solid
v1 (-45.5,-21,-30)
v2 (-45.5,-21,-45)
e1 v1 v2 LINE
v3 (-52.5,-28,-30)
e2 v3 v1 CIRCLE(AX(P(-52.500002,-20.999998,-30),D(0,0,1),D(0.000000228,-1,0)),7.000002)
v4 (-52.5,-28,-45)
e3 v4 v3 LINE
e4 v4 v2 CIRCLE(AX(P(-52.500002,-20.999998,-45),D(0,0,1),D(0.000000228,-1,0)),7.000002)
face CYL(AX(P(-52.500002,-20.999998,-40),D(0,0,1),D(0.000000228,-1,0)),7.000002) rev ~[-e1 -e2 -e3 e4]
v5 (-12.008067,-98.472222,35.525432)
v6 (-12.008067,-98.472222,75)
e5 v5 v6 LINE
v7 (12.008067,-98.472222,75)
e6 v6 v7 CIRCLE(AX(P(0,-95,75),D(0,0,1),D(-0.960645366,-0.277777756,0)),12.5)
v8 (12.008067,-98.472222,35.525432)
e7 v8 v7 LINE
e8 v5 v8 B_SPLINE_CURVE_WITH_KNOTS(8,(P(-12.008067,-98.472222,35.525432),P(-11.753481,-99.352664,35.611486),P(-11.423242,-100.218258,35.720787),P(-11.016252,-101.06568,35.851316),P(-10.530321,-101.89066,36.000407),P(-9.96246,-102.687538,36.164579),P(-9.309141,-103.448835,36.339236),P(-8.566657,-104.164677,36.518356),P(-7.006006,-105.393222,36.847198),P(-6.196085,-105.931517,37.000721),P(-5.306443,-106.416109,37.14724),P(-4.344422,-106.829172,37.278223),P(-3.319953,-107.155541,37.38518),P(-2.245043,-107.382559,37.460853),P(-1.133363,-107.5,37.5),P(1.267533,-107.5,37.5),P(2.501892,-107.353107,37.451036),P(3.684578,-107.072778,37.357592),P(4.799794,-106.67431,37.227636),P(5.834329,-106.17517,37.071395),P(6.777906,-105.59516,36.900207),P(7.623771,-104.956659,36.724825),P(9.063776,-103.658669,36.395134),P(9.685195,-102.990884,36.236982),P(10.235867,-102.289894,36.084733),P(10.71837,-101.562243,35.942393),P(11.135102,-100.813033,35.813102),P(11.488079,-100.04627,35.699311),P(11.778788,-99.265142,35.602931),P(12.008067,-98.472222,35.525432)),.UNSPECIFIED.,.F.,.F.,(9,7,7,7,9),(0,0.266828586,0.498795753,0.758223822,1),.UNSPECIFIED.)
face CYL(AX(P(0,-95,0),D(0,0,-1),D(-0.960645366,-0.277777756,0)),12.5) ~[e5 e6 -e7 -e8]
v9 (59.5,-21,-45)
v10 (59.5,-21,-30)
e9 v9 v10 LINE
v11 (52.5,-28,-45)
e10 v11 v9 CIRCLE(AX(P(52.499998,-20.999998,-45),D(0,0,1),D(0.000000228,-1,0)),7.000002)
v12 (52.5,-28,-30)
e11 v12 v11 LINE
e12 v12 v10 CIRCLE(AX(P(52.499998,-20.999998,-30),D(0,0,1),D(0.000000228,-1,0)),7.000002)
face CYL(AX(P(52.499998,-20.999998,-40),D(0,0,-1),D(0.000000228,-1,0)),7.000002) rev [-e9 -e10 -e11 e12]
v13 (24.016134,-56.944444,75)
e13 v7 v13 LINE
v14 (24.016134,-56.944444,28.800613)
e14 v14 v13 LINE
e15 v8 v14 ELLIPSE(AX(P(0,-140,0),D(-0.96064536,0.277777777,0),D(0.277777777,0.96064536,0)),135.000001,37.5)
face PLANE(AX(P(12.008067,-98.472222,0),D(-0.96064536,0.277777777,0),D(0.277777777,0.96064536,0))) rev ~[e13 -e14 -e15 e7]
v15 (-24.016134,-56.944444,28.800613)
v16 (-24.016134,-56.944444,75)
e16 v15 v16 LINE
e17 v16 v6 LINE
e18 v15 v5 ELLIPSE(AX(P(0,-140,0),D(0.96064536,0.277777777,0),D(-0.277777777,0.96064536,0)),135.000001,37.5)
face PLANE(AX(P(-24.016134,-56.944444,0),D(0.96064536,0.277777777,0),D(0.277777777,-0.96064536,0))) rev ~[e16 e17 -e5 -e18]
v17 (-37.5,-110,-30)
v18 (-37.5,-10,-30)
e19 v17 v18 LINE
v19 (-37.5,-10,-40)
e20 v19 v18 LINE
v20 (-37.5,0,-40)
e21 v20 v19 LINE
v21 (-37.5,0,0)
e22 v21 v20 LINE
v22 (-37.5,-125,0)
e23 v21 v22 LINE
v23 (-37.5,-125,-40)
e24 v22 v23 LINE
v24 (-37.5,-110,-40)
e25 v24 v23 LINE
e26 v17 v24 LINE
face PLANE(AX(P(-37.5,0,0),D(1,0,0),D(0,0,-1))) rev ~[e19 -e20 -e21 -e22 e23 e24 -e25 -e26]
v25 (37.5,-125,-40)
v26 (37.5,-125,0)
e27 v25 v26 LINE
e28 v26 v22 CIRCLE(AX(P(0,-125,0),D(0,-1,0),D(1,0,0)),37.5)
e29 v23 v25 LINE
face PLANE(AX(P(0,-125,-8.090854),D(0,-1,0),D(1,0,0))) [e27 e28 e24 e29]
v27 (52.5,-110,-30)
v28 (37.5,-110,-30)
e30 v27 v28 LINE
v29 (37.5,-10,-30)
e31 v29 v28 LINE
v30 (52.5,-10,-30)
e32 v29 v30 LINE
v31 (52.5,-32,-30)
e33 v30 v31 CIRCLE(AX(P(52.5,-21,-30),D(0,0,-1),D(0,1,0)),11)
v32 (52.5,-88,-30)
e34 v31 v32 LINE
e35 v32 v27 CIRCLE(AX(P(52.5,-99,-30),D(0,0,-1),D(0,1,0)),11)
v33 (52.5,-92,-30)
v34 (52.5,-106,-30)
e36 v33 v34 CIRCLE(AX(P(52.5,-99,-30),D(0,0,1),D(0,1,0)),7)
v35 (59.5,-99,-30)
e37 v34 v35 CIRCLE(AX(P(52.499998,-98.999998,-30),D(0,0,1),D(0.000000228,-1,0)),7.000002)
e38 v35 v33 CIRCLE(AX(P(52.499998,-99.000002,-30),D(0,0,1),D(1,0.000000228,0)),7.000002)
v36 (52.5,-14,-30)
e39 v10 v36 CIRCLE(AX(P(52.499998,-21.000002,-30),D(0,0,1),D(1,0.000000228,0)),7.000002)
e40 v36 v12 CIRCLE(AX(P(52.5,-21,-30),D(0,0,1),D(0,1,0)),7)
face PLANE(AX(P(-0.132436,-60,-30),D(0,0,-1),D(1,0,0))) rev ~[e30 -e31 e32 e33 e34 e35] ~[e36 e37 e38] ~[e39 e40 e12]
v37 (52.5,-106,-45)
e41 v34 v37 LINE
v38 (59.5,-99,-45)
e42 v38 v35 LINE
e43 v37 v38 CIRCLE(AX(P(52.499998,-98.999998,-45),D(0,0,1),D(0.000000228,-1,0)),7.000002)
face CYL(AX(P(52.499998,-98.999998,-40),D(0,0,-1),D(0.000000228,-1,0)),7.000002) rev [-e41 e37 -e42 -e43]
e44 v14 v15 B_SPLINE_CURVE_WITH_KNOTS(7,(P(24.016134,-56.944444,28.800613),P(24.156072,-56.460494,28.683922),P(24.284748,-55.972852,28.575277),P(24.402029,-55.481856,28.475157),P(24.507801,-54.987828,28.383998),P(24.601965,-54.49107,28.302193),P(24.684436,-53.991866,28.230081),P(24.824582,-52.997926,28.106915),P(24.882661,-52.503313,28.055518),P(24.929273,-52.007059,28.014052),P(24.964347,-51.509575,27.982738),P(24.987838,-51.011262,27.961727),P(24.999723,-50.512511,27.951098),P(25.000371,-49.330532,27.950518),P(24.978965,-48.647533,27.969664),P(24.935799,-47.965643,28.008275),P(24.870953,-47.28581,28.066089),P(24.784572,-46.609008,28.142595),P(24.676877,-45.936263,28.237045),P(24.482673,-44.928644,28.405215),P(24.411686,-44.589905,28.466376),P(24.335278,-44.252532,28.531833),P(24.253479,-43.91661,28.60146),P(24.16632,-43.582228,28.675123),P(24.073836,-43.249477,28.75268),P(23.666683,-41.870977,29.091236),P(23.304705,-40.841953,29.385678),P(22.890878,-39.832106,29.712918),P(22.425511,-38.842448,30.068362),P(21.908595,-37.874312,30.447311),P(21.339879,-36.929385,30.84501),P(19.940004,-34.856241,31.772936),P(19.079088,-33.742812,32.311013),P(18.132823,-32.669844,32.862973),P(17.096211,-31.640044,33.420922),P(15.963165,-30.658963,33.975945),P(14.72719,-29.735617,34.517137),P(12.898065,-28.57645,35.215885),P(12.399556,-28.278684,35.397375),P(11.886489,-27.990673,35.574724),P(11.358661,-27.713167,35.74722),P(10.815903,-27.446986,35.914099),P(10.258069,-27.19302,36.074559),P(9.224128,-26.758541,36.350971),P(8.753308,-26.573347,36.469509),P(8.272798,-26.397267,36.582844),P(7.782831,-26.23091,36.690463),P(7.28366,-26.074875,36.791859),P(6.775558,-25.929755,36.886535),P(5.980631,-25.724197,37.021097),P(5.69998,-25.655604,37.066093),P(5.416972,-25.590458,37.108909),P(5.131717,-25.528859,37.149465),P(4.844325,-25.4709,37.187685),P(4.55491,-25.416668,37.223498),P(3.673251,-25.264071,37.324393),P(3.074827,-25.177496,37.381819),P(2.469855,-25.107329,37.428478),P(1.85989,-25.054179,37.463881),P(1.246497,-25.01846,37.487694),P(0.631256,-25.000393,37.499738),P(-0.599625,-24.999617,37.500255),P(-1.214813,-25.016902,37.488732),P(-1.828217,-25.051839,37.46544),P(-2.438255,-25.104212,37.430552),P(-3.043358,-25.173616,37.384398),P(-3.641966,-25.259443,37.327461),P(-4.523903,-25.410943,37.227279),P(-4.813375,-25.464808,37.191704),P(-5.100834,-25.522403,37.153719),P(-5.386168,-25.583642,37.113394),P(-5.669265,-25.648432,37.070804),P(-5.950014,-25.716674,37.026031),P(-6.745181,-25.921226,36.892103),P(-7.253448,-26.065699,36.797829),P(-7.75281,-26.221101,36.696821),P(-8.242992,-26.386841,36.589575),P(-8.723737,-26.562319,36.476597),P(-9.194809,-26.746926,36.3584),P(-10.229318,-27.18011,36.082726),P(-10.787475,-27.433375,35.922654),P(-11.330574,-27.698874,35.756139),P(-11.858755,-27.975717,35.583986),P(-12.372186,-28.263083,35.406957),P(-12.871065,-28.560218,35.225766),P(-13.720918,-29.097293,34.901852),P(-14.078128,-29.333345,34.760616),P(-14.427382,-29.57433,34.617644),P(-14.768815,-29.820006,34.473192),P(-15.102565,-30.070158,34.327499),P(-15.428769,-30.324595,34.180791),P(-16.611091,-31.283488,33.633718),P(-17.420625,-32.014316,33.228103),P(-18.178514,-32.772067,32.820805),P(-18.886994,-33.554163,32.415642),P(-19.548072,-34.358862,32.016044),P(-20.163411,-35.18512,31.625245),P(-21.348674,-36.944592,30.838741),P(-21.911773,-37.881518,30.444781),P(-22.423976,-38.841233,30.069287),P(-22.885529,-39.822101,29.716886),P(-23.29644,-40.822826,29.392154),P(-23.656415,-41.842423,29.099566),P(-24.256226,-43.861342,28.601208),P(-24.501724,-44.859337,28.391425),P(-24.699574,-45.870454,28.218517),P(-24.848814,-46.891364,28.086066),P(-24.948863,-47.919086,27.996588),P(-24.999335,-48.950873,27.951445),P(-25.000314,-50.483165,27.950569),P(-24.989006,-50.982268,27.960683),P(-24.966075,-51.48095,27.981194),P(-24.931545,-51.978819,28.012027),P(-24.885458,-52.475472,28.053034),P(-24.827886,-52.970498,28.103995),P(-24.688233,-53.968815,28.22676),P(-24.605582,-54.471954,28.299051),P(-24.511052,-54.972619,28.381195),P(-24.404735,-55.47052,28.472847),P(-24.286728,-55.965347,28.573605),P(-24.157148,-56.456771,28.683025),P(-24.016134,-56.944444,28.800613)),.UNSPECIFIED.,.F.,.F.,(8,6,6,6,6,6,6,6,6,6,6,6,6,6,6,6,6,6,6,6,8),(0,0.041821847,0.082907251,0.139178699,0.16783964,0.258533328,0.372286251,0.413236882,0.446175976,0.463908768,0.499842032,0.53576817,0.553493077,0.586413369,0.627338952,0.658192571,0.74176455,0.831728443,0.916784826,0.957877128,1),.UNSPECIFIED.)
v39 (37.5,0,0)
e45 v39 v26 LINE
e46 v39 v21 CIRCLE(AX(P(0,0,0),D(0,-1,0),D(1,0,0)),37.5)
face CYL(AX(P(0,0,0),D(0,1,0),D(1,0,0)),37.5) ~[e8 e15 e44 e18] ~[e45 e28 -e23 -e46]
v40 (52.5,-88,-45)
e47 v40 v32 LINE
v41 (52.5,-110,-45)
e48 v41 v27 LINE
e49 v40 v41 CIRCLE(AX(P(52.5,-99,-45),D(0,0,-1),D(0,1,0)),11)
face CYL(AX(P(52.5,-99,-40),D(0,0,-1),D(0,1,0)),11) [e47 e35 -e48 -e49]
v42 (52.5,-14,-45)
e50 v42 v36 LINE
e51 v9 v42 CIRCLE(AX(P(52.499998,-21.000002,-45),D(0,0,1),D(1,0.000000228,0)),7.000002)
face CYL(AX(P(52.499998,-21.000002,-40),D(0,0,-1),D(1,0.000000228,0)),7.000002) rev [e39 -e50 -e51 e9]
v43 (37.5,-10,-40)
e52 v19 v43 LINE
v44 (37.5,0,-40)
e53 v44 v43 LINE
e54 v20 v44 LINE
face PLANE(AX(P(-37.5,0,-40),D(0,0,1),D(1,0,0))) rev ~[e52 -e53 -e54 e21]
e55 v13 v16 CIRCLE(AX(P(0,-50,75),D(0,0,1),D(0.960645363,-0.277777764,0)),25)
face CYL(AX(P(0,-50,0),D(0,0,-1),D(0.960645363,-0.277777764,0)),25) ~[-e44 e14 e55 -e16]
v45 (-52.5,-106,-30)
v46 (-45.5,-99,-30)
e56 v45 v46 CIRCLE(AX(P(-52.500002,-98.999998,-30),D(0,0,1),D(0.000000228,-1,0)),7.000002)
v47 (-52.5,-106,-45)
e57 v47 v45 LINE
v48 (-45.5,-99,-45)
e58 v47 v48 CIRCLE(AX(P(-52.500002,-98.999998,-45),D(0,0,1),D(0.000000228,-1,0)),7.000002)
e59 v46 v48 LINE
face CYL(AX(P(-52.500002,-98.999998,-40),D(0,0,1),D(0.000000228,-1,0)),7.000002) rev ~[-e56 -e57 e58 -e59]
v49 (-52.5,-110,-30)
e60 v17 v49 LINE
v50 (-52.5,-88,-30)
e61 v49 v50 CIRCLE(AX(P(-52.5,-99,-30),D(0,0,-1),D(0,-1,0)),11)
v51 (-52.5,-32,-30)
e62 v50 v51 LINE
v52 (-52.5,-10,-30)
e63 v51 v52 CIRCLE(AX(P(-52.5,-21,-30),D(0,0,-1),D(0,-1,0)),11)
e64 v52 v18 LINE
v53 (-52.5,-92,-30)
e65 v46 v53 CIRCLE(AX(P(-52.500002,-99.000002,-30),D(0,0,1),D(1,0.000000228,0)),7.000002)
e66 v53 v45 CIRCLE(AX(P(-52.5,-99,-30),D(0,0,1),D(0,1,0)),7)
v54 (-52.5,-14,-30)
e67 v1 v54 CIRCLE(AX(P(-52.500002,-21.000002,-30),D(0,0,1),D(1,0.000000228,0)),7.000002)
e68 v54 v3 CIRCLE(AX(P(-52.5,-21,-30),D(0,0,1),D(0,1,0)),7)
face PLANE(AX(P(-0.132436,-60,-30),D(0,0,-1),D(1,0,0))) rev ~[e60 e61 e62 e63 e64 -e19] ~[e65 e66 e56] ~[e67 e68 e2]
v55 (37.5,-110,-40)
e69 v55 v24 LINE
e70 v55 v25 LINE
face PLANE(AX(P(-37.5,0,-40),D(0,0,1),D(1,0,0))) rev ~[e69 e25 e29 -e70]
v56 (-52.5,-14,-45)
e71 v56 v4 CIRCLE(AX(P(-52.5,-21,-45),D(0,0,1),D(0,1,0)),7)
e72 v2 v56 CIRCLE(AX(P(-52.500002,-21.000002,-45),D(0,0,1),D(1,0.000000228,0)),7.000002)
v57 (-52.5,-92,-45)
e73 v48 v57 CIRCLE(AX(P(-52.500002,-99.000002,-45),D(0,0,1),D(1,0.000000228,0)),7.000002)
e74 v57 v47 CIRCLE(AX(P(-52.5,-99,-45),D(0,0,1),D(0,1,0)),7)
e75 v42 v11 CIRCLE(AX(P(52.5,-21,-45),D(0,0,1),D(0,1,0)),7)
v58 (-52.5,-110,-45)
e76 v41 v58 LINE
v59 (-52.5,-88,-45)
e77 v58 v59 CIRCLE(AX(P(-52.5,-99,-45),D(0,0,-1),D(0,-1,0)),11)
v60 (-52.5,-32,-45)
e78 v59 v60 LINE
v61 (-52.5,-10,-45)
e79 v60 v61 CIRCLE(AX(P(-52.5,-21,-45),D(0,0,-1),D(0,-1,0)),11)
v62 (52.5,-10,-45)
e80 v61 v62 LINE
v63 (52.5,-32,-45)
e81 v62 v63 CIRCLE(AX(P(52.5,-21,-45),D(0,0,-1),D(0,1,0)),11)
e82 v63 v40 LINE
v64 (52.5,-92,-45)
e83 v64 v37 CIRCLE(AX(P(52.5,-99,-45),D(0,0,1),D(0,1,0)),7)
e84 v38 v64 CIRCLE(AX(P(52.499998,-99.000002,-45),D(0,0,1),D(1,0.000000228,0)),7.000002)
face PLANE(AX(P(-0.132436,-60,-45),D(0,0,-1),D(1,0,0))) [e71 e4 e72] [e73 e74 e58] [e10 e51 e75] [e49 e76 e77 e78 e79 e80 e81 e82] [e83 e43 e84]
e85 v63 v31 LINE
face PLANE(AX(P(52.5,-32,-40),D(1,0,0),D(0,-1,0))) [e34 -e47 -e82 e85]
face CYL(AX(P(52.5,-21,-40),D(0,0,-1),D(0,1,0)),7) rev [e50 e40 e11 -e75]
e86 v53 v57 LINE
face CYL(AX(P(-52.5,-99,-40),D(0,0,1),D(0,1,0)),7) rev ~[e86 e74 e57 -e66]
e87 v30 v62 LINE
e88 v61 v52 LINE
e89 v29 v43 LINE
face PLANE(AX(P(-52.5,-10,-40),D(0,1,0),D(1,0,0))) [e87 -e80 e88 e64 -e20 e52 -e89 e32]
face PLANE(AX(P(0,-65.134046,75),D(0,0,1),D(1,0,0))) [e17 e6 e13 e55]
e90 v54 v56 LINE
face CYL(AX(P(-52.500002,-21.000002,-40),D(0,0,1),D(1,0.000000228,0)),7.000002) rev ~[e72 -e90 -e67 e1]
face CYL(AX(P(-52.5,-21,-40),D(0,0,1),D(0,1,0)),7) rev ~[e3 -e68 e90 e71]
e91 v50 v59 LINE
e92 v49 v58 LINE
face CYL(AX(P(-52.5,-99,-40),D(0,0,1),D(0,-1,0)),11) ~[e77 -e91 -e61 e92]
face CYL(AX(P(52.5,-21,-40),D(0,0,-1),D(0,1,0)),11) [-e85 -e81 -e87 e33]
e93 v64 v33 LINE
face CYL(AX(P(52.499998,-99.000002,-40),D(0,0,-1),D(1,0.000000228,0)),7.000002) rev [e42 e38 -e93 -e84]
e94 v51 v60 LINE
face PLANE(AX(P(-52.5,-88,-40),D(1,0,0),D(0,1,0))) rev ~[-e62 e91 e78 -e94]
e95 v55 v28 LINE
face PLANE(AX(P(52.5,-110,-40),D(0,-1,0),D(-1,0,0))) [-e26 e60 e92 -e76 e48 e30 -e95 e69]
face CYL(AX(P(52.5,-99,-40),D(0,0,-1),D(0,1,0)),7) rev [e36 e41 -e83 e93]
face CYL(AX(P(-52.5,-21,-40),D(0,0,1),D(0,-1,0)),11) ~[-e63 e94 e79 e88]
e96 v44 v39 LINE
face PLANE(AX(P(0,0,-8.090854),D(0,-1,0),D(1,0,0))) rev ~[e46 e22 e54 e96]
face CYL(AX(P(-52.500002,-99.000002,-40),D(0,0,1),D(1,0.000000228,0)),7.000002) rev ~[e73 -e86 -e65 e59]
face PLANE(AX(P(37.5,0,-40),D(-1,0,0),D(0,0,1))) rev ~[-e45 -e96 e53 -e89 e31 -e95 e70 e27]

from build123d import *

# Parameters (mm, degrees)
F1_DEPTH      = 125
F3_DEPTH      = 5
F3_DEPTH_BACK = 10
F5_DEPTH      = 75


with BuildPart() as f1:
    # F0 (on Front) → F1 (new body)
    with BuildSketch(Plane.XZ):
        with BuildLine():
            Line((-37.5, 0), (-37.5, -40))
            Line((-37.5, -40), (37.5, -40))
            Line((37.5, -40), (37.5, 0))
            ThreePointArc((37.5, 0), (0, 37.5), (-37.5, 0))
        make_face()
    extrude(amount=F1_DEPTH)

    # F2 (on face) → F3 (join, two sides)
    with BuildSketch(Plane(origin=(0, 0, -40), x_dir=(1, 0, 0), z_dir=(0, 0, -1))) as f3_sk:
        with BuildLine():
            Line((52.5, 106), (52.5, 110))
            Line((52.5, 110), (-52.5, 110))
            Line((-52.5, 110), (-52.5, 106))
            ThreePointArc((-52.5, 106), (-47.550253, 103.949747), (-45.5, 99))
            ThreePointArc((-45.5, 99), (-47.550253, 94.050253), (-52.5, 92))
            Line((-52.5, 92), (-52.5, 88))
            Line((-52.5, 88), (-52.5, 32))
            Line((-52.5, 32), (-52.5, 28))
            ThreePointArc((-52.5, 28), (-47.550253, 25.949747), (-45.5, 21))
            ThreePointArc((-45.5, 21), (-47.550253, 16.050253), (-52.5, 14))
            Line((-52.5, 14), (-52.5, 10))
            Line((-52.5, 10), (52.5, 10))
            Line((52.5, 10), (52.5, 14))
            ThreePointArc((52.5, 14), (45.5, 21), (52.5, 28))
            Line((52.5, 28), (52.5, 32))
            Line((52.5, 32), (52.5, 88))
            Line((52.5, 88), (52.5, 92))
            ThreePointArc((52.5, 92), (45.5, 99), (52.5, 106))
        make_face()
        with BuildLine():
            ThreePointArc((52.5, 88), (63.5, 99), (52.5, 110))
            Line((52.5, 110), (52.5, 106))
            ThreePointArc((52.5, 106), (57.449747, 103.949747), (59.5, 99))
            ThreePointArc((59.5, 99), (57.449747, 94.050253), (52.5, 92))
            Line((52.5, 92), (52.5, 88))
        make_face()
        with BuildLine():
            Line((-52.5, 106), (-52.5, 110))
            ThreePointArc((-52.5, 110), (-63.5, 99), (-52.5, 88))
            Line((-52.5, 88), (-52.5, 92))
            ThreePointArc((-52.5, 92), (-59.5, 99), (-52.5, 106))
        make_face()
        with BuildLine():
            ThreePointArc((52.5, 10), (63.5, 21), (52.5, 32))
            Line((52.5, 32), (52.5, 28))
            ThreePointArc((52.5, 28), (57.449747, 25.949747), (59.5, 21))
            ThreePointArc((59.5, 21), (57.449747, 16.050253), (52.5, 14))
            Line((52.5, 14), (52.5, 10))
        make_face()
        with BuildLine():
            Line((-52.5, 28), (-52.5, 32))
            ThreePointArc((-52.5, 32), (-63.5, 21), (-52.5, 10))
            Line((-52.5, 10), (-52.5, 14))
            ThreePointArc((-52.5, 14), (-59.5, 21), (-52.5, 28))
        make_face()
    extrude(amount=F3_DEPTH)
    extrude(f3_sk.sketch, amount=-F3_DEPTH_BACK)

    # F4 (on Top) → F5 (join)
    with BuildSketch(Plane.XY):
        with BuildLine():
            Line((-24.016134, -56.944444), (-12.008067, -98.472222))
            ThreePointArc((-12.008067, -98.472222), (0, -107.5), (12.008067, -98.472222))
            Line((12.008067, -98.472222), (24.016134, -56.944444))
            ThreePointArc((24.016134, -56.944444), (0, -25), (-24.016134, -56.944444))
        make_face()
    extrude(amount=F5_DEPTH)


solid = f1.part
